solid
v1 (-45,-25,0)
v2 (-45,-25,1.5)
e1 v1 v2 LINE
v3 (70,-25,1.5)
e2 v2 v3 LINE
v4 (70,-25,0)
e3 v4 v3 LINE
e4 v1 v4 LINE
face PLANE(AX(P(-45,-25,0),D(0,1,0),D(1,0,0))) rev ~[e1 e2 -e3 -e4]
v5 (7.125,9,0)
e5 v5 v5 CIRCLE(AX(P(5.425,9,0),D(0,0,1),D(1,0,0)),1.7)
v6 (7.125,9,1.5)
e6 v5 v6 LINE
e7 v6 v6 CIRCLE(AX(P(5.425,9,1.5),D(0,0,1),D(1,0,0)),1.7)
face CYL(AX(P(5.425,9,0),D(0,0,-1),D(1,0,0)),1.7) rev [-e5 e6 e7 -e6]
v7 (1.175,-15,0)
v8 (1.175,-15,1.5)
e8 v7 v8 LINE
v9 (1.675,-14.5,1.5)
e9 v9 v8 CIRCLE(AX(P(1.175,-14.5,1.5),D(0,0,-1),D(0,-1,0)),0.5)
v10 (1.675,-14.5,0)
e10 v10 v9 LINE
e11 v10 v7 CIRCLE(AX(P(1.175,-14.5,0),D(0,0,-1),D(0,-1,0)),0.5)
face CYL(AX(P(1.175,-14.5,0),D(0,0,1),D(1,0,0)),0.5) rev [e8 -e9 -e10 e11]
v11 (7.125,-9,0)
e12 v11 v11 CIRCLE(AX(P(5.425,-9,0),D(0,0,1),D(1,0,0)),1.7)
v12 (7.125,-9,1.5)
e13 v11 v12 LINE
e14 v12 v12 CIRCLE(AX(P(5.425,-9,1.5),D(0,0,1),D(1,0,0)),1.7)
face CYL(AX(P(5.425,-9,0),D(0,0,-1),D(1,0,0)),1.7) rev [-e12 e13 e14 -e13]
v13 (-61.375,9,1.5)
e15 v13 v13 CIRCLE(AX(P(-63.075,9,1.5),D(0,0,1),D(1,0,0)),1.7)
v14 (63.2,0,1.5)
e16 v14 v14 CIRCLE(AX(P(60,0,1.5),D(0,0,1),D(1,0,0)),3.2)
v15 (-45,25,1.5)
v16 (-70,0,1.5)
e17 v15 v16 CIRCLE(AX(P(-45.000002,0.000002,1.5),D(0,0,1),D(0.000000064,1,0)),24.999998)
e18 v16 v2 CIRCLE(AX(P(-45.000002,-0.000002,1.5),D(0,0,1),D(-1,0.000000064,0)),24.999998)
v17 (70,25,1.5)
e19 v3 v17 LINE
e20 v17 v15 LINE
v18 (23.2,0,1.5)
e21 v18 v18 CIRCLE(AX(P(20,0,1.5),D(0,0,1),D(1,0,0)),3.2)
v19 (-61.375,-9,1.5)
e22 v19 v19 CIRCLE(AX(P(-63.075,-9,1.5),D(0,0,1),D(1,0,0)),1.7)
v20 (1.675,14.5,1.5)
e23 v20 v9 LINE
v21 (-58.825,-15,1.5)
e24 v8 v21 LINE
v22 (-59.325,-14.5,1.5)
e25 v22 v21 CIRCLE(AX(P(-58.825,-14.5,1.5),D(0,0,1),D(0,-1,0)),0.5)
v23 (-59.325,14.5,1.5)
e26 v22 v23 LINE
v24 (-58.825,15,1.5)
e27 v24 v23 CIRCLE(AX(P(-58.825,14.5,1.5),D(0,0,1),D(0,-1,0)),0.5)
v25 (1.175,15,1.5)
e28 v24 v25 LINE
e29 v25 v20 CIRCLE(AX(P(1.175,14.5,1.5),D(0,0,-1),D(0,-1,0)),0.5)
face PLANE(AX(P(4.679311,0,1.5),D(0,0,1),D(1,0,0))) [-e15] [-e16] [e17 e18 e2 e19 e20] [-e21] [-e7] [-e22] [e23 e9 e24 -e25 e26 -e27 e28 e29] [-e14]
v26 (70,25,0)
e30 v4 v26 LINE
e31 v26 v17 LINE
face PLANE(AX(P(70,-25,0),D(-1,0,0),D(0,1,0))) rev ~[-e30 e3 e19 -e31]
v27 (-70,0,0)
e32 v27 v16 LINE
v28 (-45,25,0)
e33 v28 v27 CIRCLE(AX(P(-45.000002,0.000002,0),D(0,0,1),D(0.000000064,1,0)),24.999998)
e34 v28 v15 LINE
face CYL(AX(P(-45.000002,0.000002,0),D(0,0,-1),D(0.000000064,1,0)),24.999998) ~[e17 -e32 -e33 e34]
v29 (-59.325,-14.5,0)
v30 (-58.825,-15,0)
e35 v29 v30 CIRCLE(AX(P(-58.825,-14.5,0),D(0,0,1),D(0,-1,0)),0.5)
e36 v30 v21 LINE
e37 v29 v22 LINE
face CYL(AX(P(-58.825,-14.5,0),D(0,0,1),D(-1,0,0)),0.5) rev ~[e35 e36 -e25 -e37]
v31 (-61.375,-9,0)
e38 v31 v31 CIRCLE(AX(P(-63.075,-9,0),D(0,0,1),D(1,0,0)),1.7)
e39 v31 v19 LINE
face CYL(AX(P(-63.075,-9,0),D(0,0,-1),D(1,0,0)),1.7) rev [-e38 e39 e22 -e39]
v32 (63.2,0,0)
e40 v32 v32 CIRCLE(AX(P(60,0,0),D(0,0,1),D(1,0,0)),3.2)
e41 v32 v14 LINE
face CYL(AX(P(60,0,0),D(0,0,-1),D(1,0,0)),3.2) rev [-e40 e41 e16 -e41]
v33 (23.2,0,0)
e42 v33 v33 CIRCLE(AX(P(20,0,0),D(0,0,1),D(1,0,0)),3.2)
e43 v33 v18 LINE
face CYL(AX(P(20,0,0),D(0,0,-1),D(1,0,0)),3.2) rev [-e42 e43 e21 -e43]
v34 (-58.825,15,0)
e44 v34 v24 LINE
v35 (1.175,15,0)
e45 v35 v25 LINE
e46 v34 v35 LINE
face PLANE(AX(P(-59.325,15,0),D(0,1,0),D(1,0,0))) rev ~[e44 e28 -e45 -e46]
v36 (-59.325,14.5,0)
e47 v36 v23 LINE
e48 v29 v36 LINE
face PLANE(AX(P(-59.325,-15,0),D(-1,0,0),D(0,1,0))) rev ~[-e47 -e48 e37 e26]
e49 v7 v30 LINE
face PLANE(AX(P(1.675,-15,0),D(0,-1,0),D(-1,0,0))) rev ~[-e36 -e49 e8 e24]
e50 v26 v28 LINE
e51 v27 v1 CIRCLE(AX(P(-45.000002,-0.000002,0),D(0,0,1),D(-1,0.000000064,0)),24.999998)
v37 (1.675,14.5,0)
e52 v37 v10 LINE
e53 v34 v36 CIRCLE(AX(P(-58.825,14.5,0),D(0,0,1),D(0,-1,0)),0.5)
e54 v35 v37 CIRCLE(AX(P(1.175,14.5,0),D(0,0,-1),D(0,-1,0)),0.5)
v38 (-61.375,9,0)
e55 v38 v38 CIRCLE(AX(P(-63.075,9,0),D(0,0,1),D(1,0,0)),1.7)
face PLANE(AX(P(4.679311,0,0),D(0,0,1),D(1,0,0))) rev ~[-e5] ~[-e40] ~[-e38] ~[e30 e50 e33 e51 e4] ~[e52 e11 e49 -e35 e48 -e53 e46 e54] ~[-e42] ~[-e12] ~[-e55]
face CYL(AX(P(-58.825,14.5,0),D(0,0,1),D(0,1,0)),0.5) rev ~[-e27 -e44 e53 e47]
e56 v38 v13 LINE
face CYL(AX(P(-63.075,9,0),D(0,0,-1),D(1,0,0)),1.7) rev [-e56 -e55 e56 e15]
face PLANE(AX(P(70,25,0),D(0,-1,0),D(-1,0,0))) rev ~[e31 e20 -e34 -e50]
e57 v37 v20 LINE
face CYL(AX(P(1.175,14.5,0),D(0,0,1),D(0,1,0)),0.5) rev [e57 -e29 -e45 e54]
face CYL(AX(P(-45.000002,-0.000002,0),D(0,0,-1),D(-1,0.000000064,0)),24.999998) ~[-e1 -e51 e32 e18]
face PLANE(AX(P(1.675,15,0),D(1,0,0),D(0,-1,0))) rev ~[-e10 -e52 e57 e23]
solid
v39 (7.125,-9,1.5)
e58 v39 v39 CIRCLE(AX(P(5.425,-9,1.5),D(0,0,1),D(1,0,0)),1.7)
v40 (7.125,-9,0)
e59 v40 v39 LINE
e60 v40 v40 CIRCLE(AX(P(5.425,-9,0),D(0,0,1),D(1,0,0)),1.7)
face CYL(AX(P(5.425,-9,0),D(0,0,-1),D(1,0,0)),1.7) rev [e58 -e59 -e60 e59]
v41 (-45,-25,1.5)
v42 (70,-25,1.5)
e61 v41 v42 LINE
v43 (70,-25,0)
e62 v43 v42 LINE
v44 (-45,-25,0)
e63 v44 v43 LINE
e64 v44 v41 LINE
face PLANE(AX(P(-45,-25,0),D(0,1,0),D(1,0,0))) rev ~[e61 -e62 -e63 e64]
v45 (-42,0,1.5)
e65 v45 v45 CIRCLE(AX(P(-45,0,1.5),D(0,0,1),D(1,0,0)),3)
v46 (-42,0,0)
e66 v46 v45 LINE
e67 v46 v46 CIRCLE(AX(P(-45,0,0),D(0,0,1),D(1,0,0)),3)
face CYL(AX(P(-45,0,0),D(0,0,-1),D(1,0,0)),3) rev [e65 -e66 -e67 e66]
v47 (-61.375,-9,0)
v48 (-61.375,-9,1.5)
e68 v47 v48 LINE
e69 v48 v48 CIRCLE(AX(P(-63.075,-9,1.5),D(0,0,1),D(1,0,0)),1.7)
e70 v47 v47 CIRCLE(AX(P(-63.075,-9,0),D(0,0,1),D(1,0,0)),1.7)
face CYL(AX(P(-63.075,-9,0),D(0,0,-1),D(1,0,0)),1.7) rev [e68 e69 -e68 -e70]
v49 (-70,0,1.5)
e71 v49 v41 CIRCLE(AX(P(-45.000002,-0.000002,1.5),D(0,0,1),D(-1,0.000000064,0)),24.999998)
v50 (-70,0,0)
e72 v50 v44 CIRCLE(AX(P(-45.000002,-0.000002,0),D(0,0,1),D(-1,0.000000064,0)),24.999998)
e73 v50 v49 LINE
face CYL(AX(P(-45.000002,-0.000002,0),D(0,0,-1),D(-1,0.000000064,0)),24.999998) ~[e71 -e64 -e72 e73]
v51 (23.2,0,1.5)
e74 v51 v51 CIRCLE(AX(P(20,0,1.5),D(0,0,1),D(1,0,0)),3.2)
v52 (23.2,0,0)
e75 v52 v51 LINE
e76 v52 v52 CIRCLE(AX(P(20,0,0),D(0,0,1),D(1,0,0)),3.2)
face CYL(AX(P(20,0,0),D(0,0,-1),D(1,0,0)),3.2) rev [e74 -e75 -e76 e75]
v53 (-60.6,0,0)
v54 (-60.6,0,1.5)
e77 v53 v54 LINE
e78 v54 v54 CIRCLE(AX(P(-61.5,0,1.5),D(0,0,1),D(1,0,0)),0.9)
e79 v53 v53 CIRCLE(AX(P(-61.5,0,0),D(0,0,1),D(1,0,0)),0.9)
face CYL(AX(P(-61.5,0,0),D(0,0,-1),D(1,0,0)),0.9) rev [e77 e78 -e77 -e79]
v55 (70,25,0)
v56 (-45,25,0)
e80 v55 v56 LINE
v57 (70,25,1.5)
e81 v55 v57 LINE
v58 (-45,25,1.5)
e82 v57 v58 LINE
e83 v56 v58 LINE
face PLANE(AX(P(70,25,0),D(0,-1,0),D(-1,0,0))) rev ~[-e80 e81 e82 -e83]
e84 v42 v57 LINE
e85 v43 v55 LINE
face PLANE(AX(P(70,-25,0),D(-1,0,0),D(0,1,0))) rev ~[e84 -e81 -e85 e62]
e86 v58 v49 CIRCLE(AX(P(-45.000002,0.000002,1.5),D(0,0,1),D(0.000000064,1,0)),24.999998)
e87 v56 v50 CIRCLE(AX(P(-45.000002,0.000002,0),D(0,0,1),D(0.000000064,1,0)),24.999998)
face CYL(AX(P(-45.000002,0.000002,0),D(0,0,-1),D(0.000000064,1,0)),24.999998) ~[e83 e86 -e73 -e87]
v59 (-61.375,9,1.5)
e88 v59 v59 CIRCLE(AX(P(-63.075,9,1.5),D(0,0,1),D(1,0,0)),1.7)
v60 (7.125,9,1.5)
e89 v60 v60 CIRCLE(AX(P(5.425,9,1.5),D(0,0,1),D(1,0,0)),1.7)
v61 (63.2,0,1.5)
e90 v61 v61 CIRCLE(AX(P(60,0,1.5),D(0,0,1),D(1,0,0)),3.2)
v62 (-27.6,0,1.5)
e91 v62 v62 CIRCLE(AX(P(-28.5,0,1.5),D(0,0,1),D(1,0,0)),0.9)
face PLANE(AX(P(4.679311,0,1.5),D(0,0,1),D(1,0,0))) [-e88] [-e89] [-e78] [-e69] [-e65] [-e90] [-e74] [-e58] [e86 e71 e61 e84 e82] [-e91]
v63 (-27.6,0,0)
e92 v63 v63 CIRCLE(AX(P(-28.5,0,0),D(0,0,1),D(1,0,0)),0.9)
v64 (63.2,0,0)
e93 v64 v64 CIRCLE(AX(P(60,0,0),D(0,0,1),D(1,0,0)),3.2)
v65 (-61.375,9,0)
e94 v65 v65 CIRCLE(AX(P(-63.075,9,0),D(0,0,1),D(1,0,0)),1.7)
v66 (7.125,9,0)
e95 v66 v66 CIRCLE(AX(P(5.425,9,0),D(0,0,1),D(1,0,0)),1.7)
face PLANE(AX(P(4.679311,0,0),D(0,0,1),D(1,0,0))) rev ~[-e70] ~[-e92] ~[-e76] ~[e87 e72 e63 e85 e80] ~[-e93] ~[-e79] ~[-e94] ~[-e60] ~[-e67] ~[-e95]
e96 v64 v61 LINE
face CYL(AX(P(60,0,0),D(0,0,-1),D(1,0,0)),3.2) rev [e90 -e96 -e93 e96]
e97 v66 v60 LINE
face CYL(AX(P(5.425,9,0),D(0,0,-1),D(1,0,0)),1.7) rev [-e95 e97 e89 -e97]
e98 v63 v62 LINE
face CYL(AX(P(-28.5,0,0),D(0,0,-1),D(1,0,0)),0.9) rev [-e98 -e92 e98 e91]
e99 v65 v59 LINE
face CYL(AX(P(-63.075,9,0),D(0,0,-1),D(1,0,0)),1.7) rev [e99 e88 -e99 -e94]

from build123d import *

# Parameters (mm, degrees)
F0_R     = 1.7
F0_R_2   = 0.9
F0_R_3   = 3
F0_R_4   = 3.2
F1_DEPTH = 1.5
F2_R     = 1.7
F2_R_2   = 3.2
F3_DEPTH = 1.5
F4_R     = 0.5


with BuildPart() as f1:
    # F0 (on Top) → F1 (new body)
    with BuildSketch(Plane.XY):
        with BuildLine():
            Line((70, -25), (70, 25))
            Line((70, 25), (-45, 25))
            ThreePointArc((-45, 25), (-62.67767, 17.67767), (-70, 0))
            ThreePointArc((-70, 0), (-62.67767, -17.67767), (-45, -25))
            Line((-45, -25), (70, -25))
        make_face()
        with Locations((-63.075, -9)):
            Circle(F0_R, mode=Mode.SUBTRACT)
        with Locations((5.425, -9)):
            Circle(F0_R, mode=Mode.SUBTRACT)
        with Locations((-61.5, 0)):
            Circle(F0_R_2, mode=Mode.SUBTRACT)
        with Locations((-45, 0)):
            Circle(F0_R_3, mode=Mode.SUBTRACT)
        with Locations((-63.075, 9)):
            Circle(F0_R, mode=Mode.SUBTRACT)
        with Locations((-28.5, 0)):
            Circle(F0_R_2, mode=Mode.SUBTRACT)
        with Locations((20, 0)):
            Circle(F0_R_4, mode=Mode.SUBTRACT)
        with Locations((5.425, 9)):
            Circle(F0_R, mode=Mode.SUBTRACT)
        with Locations((60, 0)):
            Circle(F0_R_4, mode=Mode.SUBTRACT)
    extrude(amount=F1_DEPTH)


with BuildPart() as f3:
    # F2 (on Top) → F3 (new body)
    with BuildSketch(Plane.XY):
        with BuildLine():
            Line((70, -25), (70, 25))
            Line((70, 25), (-45, 25))
            ThreePointArc((-45, 25), (-62.67767, 17.67767), (-70, 0))
            ThreePointArc((-70, 0), (-62.67767, -17.67767), (-45, -25))
            Line((-45, -25), (70, -25))
        make_face()
        with Locations((-63.075, -9)):
            Circle(F2_R, mode=Mode.SUBTRACT)
        with Locations((5.425, -9)):
            Circle(F2_R, mode=Mode.SUBTRACT)
        with Locations((-63.075, 9)):
            Circle(F2_R, mode=Mode.SUBTRACT)
        Polygon((-28.825, 15), (1.675, 15), (1.675, -15), (-28.825, -15), (-59.325, -15), (-59.325, 15), align=None, mode=Mode.SUBTRACT)
        with Locations((20, 0)):
            Circle(F2_R_2, mode=Mode.SUBTRACT)
        with Locations((5.425, 9)):
            Circle(F2_R, mode=Mode.SUBTRACT)
        with Locations((60, 0)):
            Circle(F2_R_2, mode=Mode.SUBTRACT)
    extrude(amount=F3_DEPTH)

    # F4
    f4_edges = [f3.edges().sort_by_distance(p)[0] for p in [
        (-59.325, 15, 0.75),
        (-59.325, -15, 0.75),
        (1.675, -15, 0.75),
        (1.675, 15, 0.75),
    ]]
    fillet(f4_edges, radius=F4_R)


solid = Compound([f1.part, f3.part])
